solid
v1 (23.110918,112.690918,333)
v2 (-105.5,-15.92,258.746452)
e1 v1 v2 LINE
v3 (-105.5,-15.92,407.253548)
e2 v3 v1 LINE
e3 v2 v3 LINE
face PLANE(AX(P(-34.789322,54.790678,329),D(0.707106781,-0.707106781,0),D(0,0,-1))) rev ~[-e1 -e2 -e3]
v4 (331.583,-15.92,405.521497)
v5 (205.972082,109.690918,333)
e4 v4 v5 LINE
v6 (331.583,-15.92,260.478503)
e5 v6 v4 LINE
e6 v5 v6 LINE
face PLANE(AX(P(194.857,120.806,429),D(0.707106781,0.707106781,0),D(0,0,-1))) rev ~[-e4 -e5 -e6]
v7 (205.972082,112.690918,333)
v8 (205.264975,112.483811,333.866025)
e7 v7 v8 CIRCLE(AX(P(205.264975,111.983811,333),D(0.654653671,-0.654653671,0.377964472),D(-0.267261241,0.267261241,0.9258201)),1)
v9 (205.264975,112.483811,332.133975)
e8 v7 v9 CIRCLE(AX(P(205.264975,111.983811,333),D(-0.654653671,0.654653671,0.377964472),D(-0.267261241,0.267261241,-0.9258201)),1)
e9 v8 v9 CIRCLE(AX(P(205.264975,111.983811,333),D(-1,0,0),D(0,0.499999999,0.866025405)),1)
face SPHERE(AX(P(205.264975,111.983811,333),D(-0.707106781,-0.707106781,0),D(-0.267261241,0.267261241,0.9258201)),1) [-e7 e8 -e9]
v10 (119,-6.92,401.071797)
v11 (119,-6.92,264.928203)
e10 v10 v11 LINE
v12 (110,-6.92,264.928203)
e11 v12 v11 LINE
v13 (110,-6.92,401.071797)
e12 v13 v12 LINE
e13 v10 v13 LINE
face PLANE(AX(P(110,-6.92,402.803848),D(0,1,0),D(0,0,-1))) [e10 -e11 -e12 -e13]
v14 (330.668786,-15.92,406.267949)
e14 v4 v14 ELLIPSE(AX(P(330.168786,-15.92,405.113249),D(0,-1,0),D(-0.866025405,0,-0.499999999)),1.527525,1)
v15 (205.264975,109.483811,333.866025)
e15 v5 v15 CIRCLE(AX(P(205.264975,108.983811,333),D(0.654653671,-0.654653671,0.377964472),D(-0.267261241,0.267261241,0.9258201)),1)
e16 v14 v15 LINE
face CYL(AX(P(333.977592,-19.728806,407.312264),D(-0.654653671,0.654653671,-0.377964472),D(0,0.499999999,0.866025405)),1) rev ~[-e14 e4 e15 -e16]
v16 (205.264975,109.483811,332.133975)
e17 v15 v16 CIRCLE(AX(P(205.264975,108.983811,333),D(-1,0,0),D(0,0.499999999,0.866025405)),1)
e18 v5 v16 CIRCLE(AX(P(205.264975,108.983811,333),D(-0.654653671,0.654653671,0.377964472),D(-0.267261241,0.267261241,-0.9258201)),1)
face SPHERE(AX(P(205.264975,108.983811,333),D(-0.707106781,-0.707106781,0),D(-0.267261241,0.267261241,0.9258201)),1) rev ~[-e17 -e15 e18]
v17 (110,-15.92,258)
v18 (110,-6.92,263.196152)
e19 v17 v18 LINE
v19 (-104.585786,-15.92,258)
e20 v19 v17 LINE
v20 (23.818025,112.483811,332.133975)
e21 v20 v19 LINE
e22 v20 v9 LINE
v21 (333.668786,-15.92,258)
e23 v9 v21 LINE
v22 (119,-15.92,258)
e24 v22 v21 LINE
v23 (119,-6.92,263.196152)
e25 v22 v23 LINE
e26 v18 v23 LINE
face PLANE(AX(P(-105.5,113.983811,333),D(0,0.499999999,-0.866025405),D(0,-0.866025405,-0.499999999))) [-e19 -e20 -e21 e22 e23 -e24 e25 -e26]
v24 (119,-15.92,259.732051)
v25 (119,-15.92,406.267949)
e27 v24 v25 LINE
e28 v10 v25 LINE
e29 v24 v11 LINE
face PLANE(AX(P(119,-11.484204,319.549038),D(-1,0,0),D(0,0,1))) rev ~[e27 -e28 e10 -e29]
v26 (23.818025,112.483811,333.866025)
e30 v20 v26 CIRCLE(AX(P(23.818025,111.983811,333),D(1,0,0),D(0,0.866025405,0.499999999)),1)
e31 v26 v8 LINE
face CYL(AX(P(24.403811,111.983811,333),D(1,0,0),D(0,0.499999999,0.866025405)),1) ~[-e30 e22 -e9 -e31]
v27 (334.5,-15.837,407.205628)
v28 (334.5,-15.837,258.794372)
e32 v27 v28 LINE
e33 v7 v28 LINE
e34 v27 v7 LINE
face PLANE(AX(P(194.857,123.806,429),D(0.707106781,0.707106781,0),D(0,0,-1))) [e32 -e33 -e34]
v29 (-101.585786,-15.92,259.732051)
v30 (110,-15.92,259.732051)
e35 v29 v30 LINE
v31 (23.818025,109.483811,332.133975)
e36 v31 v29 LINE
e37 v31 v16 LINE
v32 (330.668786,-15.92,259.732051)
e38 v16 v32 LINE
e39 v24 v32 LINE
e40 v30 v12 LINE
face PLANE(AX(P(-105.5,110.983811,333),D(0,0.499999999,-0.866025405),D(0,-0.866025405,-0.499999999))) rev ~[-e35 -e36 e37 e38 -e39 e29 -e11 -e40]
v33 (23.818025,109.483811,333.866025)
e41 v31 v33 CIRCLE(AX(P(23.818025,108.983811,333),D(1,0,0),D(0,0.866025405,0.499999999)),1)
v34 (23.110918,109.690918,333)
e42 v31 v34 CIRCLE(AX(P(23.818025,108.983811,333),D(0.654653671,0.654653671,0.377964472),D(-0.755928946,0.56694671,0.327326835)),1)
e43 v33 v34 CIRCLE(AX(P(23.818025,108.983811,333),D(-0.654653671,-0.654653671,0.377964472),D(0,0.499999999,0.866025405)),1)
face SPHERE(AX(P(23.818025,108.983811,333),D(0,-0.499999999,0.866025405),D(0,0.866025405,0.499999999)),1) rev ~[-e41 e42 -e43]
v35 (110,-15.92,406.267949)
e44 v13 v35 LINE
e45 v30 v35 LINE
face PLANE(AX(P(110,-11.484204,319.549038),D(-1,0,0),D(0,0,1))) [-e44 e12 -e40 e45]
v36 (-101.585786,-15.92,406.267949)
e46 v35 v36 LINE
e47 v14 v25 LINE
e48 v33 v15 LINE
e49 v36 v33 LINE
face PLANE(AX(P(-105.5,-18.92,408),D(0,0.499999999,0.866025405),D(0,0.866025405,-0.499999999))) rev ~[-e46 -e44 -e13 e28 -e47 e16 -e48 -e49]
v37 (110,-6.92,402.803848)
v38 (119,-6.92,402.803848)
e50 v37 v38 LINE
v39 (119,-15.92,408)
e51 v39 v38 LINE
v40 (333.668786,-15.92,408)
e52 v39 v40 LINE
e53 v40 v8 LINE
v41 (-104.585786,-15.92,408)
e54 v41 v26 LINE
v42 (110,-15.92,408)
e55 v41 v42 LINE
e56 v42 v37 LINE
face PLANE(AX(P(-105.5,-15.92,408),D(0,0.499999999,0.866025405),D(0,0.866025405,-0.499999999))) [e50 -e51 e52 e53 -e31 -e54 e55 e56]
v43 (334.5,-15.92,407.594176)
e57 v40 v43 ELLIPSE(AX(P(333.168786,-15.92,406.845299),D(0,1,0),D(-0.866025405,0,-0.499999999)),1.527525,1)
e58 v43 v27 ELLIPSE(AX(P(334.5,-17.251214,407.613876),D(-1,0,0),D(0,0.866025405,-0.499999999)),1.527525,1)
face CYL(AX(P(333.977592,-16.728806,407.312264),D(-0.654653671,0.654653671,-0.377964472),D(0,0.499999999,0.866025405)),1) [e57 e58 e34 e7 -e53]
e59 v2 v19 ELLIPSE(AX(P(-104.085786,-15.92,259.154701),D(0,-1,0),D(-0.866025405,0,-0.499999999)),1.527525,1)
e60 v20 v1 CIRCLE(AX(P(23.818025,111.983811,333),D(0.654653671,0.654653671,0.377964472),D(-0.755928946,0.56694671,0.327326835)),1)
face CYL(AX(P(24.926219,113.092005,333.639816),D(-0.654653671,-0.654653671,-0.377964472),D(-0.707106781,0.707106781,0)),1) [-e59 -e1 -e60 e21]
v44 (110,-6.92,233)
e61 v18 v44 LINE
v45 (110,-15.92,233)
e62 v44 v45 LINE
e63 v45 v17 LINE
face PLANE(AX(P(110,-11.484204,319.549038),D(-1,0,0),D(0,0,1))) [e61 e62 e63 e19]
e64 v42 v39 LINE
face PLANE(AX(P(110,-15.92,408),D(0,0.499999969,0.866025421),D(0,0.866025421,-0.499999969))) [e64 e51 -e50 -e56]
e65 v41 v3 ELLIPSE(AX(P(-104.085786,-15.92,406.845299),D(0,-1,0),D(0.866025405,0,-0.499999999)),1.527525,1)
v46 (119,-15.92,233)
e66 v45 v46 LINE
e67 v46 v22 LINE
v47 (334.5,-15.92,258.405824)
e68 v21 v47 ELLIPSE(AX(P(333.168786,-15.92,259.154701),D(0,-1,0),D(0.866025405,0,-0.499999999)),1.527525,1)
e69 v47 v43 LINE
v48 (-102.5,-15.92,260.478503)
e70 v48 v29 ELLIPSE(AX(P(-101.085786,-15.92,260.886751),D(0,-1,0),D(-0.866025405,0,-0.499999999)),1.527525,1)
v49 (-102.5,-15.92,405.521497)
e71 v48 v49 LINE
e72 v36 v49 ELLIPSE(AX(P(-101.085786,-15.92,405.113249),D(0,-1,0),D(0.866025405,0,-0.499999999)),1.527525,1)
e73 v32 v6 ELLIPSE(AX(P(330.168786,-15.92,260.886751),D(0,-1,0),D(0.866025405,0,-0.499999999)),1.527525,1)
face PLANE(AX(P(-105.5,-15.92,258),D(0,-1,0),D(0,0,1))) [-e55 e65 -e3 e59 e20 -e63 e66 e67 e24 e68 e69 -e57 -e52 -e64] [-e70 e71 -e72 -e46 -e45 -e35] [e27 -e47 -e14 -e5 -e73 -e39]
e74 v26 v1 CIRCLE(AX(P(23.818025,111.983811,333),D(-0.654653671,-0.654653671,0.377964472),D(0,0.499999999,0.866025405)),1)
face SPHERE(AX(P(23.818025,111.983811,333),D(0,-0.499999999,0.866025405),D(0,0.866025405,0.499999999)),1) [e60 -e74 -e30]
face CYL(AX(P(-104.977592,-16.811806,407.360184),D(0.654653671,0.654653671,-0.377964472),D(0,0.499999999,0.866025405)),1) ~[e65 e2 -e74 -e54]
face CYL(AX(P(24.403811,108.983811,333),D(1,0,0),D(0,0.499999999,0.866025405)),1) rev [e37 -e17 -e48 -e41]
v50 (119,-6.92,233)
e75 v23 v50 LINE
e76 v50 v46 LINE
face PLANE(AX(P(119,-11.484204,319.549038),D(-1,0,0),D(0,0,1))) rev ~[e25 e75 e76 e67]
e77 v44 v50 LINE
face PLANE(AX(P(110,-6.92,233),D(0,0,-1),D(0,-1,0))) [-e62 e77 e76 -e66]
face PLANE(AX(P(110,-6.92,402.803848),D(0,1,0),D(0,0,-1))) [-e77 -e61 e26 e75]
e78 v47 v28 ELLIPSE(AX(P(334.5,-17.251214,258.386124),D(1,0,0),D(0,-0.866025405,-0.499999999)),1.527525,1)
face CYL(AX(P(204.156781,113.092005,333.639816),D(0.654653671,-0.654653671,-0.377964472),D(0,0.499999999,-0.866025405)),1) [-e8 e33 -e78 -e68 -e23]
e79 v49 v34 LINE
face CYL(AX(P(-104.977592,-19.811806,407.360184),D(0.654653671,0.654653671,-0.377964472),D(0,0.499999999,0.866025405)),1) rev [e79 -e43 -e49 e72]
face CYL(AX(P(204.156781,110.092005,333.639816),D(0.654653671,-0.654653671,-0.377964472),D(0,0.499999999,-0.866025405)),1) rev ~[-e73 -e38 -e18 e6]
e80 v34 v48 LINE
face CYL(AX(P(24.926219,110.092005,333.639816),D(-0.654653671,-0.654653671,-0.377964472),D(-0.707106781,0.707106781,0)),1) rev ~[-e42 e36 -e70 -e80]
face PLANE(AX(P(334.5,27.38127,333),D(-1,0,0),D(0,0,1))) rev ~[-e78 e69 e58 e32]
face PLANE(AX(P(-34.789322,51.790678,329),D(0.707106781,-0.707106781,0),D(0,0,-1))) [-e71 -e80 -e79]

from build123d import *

# Parameters (mm, degrees)
EXTRUDE001_DEPTH       = 9
BOX001_W               = 200
BOX001_H               = 200
BOX001_DEPTH           = 200
BOX001_PLACEMENT_ANGLE = 45
BOX_W                  = 200
BOX_H                  = 200
BOX_DEPTH              = 200
BOX_PLACEMENT_ANGLE    = 45
EXTRUDE_DEPTH          = 440
FILLET001_R            = 1
FILLET_R               = 1
FUSION_PLACEMENT_ANGLE = 90


with BuildPart() as extrude001:
    # Sketch001 → Extrude001 (new body)
    with BuildSketch(Plane.XY):
        Polygon((-75, 0), (-69.803848, 9), (100, 9), (100, 0), align=None)
    extrude(amount=EXTRUDE001_DEPTH)


with BuildPart() as extrude001_1:
    # Extrude001 placement: moved
    add(extrude001.part.moved(Location((0, 0, 215.5))))


with BuildPart() as cube001:
    # Box001 → Box001 (new body)
    with BuildSketch(Plane.XY):
        with Locations((100, 100)):
            Rectangle(BOX001_W, BOX001_H)
    extrude(amount=BOX001_DEPTH)


with BuildPart() as cube001_1:
    # Box001 placement: moved
    add(cube001.part.moved(Location((-96, 139.726, 300.357))).rotate(Axis((-96, 139.726, 300.357), (1, 0, 0)), BOX001_PLACEMENT_ANGLE))


with BuildPart() as cube:
    # Box → Box (new body)
    with BuildSketch(Plane.XY):
        with Locations((100, 100)):
            Rectangle(BOX_W, BOX_H)
    extrude(amount=BOX_DEPTH)


with BuildPart() as cube_1:
    # Box placement: moved
    add(cube.part.moved(Location((-96, 141.421356, -141.421356))).rotate(Axis((-96, 141.421356, -141.421356), (1, 0, 0)), BOX_PLACEMENT_ANGLE))


with BuildPart() as cut001:
    # Sketch → Extrude (new body)
    with BuildSketch(Plane.XY):
        Polygon((-75, 0), (0, 129.903811), (75, 0), align=None)
    extrude(amount=EXTRUDE_DEPTH)

    # Cut: cut Cube
    add(cube_1.part, mode=Mode.SUBTRACT)

    # Cut001: cut Cube001
    add(cube001_1.part, mode=Mode.SUBTRACT)


with BuildPart() as fillet001:
    # Fillet001 base: copy of Cut001
    add(cut001.part)

    # Fillet001
    fillet001_edges = [fillet001.edges().sort_by_distance(p)[0] for p in [
        (-37.5, 64.951905, 64.951905),
        (0, 129.903811, 220.0415),
        (-37.47604, 64.993405, 375.089595),
        (37.5, 64.951905, 64.951905),
        (37.47604, 64.993405, 375.089595),
    ]]
    fillet(fillet001_edges, radius=FILLET001_R)


with BuildPart() as fillet001_1:
    # Fillet001 placement: moved
    add(fillet001.part.moved(Location((0, -3, 0))))


with BuildPart() as fusion:
    # Fillet base: copy of Cut001
    add(cut001.part)

    # Fillet
    fillet_edges = [fusion.edges().sort_by_distance(p)[0] for p in [
        (-37.5, 64.951905, 64.951905),
        (0, 129.903811, 220.0415),
        (-37.47604, 64.993405, 375.089595),
        (37.5, 64.951905, 64.951905),
        (37.47604, 64.993405, 375.089595),
    ]]
    fillet(fillet_edges, radius=FILLET_R)

    # Cut002: cut Fillet001
    add(fillet001_1.part, mode=Mode.SUBTRACT)

    # Fusion: union Extrude001
    add(extrude001_1.part)


with BuildPart() as fusion_1:
    # Fusion placement: moved
    add(fusion.part.moved(Location((-105.5, -15.92, 333))).rotate(Axis((-105.5, -15.92, 333), (0, 1, 0)), FUSION_PLACEMENT_ANGLE))


solid = fusion_1.part
